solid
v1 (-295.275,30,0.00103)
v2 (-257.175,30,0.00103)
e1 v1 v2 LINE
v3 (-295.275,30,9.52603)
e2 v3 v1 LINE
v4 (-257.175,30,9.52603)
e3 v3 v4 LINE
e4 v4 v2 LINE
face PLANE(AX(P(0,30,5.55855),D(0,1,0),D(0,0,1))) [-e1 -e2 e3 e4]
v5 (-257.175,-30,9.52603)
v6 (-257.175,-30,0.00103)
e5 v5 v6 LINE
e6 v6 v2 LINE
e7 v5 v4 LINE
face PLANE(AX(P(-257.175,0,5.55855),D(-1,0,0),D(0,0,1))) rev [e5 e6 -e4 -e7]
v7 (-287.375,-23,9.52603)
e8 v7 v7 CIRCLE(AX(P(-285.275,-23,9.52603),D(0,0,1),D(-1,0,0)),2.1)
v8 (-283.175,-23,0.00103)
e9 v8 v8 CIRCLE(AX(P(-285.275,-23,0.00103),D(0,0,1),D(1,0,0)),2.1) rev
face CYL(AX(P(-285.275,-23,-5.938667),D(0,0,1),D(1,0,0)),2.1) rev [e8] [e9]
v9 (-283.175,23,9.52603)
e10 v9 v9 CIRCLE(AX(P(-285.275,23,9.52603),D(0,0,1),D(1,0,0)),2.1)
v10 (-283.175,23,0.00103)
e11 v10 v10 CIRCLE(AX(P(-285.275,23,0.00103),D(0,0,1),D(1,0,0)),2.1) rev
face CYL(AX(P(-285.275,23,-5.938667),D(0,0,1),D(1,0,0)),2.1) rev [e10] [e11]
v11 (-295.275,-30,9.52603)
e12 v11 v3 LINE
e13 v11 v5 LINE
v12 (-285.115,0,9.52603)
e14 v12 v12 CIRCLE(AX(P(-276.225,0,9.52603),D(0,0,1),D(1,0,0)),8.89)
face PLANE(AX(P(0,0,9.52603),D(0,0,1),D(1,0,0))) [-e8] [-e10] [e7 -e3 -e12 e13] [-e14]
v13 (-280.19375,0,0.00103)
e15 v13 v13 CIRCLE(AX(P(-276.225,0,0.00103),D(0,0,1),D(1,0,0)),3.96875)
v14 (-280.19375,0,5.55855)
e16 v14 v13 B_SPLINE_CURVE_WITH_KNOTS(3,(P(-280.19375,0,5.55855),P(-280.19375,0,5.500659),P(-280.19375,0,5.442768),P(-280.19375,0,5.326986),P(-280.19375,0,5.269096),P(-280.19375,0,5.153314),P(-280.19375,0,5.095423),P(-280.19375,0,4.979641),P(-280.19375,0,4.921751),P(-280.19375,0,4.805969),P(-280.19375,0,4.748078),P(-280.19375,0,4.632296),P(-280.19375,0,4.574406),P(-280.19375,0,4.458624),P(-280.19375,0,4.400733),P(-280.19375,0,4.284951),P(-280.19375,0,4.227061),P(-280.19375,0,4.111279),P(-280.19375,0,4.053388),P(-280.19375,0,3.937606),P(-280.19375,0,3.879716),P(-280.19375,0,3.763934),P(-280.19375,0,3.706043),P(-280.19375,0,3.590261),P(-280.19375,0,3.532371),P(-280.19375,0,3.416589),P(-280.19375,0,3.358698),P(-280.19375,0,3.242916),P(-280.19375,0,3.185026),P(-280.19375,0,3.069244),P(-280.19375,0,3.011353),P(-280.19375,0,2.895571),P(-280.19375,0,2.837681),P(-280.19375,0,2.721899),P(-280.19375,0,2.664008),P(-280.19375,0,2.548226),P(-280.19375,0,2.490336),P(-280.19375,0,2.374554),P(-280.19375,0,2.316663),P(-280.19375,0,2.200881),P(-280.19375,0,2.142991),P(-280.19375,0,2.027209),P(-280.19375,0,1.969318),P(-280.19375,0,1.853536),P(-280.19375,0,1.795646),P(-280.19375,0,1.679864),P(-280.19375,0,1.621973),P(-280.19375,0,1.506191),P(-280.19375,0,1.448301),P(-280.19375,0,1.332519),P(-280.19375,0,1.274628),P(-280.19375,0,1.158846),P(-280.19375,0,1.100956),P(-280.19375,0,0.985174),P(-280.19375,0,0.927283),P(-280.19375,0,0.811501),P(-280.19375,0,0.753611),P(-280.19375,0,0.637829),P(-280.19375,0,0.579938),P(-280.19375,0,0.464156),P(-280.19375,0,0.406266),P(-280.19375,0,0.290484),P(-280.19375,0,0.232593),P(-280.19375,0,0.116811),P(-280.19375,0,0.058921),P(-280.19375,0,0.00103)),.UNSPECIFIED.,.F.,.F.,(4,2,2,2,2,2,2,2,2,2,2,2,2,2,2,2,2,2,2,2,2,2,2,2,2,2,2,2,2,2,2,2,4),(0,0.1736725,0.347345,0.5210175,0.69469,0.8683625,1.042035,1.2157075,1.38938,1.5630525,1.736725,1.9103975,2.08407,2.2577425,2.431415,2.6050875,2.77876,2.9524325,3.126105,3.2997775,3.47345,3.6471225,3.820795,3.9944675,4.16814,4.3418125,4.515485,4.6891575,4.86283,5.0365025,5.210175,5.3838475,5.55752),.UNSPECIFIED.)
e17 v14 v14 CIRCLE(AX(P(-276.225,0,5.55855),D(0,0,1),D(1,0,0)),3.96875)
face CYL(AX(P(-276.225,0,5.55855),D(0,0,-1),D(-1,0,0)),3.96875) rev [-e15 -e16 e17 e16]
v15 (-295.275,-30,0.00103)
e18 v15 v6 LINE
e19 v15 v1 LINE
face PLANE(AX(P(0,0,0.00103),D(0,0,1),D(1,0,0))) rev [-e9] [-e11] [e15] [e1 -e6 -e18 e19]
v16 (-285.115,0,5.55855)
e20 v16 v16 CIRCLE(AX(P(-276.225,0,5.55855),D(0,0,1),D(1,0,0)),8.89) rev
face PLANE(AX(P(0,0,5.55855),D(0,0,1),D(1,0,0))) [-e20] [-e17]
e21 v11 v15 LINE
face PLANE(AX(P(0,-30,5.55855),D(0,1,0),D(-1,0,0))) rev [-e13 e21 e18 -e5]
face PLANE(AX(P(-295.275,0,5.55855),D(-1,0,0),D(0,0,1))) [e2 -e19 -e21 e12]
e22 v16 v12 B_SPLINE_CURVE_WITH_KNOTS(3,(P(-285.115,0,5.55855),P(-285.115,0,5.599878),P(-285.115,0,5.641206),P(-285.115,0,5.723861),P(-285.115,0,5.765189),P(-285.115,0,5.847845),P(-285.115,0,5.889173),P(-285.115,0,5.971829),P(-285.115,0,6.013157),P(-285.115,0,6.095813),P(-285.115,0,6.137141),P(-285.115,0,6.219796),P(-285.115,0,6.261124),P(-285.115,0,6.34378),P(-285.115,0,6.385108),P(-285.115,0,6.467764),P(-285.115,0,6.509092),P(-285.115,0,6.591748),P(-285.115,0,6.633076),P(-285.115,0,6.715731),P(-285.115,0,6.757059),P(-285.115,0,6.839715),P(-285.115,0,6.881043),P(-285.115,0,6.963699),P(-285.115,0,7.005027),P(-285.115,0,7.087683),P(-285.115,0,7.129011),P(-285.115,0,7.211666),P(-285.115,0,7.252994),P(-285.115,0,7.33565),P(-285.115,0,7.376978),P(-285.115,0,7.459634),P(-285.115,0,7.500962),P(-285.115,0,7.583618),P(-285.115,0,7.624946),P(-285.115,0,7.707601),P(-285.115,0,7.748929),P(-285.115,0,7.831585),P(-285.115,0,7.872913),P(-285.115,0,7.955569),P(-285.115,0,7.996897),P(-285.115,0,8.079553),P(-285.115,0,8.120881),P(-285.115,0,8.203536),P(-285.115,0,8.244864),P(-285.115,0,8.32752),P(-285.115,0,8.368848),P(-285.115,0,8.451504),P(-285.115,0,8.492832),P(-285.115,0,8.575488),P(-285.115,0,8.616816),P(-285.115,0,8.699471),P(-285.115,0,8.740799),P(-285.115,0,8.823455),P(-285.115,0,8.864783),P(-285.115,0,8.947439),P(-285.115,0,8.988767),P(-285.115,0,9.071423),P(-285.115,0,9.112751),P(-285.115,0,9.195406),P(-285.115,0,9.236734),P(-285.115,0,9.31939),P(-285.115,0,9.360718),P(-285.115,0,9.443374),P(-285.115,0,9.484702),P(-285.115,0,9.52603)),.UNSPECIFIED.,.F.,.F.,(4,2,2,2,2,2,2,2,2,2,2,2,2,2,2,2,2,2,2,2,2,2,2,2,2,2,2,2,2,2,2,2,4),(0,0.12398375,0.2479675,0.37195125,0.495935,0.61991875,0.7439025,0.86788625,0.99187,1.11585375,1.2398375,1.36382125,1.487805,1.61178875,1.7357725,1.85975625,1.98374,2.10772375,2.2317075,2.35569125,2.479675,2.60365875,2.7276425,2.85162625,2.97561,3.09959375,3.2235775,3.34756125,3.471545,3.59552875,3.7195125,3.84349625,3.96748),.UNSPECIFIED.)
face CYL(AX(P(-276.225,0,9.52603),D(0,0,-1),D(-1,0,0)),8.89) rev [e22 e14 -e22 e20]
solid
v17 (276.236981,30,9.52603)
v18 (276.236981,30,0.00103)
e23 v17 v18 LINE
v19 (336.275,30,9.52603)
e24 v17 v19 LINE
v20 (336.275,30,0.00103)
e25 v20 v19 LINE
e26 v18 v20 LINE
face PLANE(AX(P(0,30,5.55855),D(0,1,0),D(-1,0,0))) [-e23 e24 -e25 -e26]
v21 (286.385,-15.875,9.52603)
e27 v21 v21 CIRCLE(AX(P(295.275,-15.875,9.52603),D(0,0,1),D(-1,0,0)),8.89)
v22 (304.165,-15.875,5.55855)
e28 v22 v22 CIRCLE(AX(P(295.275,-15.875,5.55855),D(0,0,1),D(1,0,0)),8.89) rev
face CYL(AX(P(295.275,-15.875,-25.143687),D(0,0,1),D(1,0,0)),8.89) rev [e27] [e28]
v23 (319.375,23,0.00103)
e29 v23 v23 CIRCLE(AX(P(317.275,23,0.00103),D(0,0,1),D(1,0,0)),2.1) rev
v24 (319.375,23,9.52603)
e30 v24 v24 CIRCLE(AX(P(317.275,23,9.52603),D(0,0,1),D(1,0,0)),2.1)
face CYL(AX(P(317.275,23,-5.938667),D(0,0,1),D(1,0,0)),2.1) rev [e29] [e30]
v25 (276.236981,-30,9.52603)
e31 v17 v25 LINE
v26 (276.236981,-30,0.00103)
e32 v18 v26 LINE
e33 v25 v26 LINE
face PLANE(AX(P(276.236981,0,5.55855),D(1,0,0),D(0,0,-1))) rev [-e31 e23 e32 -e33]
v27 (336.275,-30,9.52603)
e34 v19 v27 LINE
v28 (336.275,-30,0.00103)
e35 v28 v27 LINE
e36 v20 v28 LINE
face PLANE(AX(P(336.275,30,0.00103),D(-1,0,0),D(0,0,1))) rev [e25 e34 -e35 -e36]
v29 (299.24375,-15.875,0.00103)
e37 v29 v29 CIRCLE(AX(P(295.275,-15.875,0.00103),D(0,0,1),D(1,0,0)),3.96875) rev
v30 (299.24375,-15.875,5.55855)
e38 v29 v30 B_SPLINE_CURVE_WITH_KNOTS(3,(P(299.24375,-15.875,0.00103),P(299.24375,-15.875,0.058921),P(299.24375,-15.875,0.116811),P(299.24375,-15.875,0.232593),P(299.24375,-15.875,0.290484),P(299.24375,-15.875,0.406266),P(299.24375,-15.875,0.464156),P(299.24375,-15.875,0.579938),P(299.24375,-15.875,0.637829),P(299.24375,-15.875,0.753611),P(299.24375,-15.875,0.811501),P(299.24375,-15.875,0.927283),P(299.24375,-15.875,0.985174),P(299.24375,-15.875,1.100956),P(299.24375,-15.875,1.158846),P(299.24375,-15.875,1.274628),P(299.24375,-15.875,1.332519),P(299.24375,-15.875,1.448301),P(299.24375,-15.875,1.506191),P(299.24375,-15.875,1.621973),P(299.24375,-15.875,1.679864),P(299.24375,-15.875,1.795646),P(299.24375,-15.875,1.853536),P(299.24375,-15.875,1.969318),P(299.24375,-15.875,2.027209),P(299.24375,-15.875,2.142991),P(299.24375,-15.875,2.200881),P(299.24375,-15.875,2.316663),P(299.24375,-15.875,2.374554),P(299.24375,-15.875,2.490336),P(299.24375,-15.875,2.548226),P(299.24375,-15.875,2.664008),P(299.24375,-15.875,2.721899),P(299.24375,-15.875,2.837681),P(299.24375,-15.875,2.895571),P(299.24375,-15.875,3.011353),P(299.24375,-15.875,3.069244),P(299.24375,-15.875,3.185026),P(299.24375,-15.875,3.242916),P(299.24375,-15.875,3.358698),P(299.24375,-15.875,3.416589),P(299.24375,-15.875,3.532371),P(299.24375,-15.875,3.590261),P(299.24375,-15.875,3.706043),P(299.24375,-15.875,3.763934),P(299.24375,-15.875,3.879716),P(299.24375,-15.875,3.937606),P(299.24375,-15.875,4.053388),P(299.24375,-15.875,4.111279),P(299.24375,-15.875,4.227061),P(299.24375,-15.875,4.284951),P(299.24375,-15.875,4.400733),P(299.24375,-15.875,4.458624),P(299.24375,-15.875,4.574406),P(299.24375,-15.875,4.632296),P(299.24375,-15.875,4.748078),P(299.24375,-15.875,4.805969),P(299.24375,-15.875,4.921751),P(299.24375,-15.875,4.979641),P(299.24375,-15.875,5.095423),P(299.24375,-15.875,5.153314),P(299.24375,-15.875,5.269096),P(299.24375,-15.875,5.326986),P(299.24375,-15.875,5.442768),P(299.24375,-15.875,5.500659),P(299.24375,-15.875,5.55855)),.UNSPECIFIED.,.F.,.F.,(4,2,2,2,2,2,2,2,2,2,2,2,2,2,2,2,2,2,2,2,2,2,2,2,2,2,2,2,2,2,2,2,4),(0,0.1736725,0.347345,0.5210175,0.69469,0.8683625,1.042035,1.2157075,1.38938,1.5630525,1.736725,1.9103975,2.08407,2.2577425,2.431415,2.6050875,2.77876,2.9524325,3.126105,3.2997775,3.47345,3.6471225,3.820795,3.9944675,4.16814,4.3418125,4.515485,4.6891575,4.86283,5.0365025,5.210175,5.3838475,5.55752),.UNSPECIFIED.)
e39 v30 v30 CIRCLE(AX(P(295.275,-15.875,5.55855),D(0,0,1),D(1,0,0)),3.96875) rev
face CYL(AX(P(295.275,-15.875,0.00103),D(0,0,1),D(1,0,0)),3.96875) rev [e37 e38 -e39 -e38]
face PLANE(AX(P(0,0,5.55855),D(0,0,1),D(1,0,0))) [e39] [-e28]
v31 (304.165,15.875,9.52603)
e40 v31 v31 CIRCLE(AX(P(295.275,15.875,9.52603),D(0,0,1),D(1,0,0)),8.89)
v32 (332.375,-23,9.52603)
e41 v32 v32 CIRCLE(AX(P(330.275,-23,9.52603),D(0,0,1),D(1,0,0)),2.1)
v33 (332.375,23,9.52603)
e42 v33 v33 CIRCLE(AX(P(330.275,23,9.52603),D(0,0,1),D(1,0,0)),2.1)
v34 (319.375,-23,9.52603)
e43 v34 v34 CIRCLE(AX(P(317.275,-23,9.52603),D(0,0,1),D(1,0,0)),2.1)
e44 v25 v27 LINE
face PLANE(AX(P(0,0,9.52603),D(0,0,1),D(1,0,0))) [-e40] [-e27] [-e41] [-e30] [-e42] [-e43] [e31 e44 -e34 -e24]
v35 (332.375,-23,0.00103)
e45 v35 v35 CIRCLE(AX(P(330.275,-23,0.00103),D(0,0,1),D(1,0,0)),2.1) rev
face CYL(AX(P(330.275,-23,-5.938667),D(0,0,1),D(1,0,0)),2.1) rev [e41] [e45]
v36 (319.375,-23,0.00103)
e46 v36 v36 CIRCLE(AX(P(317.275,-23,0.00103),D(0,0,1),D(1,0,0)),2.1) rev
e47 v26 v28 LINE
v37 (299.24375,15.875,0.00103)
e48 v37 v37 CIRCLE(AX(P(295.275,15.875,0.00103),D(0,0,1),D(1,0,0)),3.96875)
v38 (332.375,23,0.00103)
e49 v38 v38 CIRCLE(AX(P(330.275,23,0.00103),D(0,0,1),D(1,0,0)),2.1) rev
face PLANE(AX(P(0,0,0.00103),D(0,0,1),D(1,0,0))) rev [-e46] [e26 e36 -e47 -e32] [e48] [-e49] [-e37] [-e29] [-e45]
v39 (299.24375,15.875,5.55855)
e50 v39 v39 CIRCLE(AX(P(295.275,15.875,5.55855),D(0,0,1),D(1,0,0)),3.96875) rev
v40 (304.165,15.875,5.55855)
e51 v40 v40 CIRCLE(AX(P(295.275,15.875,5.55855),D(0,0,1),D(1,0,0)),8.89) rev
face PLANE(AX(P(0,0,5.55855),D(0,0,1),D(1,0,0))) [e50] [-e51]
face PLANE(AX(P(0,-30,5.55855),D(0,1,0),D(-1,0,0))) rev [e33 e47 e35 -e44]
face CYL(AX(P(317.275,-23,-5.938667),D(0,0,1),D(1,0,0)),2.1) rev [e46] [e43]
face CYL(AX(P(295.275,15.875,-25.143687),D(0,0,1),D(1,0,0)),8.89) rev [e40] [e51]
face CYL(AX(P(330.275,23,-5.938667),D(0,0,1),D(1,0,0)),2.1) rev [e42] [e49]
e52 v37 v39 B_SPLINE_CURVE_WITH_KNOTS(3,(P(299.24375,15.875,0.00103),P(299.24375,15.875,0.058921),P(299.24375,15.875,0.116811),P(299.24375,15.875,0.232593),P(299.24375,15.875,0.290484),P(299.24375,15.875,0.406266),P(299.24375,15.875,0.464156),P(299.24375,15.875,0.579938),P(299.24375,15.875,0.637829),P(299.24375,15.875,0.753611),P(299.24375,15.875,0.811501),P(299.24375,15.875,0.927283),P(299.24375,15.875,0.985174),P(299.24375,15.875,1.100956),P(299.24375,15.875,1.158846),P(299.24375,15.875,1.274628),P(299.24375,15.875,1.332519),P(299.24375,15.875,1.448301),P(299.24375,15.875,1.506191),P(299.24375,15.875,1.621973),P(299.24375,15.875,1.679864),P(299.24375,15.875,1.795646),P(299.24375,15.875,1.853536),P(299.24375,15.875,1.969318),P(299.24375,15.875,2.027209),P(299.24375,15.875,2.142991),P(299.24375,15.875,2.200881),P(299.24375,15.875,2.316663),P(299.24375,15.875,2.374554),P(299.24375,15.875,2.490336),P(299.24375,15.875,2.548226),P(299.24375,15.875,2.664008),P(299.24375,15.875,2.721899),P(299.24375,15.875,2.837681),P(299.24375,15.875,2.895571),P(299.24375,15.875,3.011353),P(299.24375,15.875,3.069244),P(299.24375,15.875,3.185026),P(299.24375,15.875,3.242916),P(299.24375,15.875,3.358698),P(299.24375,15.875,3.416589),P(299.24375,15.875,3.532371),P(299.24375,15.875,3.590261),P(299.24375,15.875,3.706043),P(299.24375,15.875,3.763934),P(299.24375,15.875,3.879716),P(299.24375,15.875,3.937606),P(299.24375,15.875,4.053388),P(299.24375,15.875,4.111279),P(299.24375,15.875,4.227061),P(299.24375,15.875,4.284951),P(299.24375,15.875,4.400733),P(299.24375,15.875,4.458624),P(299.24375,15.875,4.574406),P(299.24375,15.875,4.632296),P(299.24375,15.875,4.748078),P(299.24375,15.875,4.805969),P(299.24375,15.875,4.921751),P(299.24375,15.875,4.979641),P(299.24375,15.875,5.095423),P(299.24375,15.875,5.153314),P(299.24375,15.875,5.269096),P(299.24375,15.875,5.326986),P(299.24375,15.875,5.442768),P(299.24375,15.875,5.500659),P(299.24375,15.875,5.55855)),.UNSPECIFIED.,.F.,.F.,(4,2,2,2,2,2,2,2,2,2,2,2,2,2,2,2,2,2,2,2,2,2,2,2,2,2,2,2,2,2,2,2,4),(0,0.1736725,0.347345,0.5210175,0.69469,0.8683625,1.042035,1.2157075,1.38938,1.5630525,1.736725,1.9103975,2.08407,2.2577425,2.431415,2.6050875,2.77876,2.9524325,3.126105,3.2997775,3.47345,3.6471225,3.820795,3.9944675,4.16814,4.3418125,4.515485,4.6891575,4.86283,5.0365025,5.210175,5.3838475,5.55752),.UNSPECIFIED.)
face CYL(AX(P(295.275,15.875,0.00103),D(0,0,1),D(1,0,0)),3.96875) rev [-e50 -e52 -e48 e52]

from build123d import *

# Parameters (mm, degrees)
SKETCH2_W                                 = 66.588019288
SKETCH2_H                                 = 60
MAIN_EXTRUSION_DEPTH                      = 5.55752
SKETCH2_W_2                               = 38.1
SKETCH2_R                                 = 3.96875
MAIN_EXTRUSION_2_DEPTH                    = 5.55752
SKETCH2_3_W                               = 66.588019288
SKETCH2_3_H                               = 60
SKETCH2_3_W_2                             = 38.1
SKETCH2_3_R                               = 8.89
COUNTERBORE_EXTRUSION_DEPTH               = 9.525
SKETCH3_R                                 = 2.1
M5_THREADED_HOLSE_FOR_FRONT_BRACKET_DEPTH = 9.525
SKETCH5_R                                 = 2.1
M5_THREADED_HOLES_FOR_BRACKET_DEPTH       = 9.525
CENTRE_BORE_DEPTH                         = 345.266911292
SKETCH6_3_R                               = 8.89
SKETCH6_3_R_2                             = 3.96875
COUNTERBORE_DEPTH                         = 3.96748
SKETCH7_W                                 = 6.55
SKETCH7_H                                 = 60
STUPID_CUT_DEPTH                          = 345.266911292


with BuildPart() as part:
    # Sketch2 → Main Extrusion (new body)
    with BuildSketch(Plane(origin=(-0.000152858, 6.01e-07, 0.001029772), x_dir=(1, 0, 0), z_dir=(0, 0, 1))):
        with Locations((309.531143156, -6.01e-07)):
            Rectangle(SKETCH2_W, SKETCH2_H)
    extrude(amount=MAIN_EXTRUSION_DEPTH)



with BuildPart() as body_2:
    # Sketch2 → Main Extrusion 2 (new body)
    with BuildSketch(Plane(origin=(-0.000152858, 6.01e-07, 0.001029772), x_dir=(1, 0, 0), z_dir=(0, 0, 1))):
        with Locations((-276.224847142, -6.01e-07)):
            Rectangle(SKETCH2_W_2, SKETCH2_H)
        with Locations(Location((-276.224847142, -6.01e-07, 0), (0, 0, 180))):
            Circle(SKETCH2_R, mode=Mode.SUBTRACT)
    extrude(amount=MAIN_EXTRUSION_2_DEPTH)


with BuildPart() as part_1:
    add(part.part)

    add(body_2.part)  # Counterbore extrusion merges body 2
    # Sketch2<3> → Counterbore extrusion (add)
    # profile 1 of 2: a face of its own
    with BuildSketch(Plane(origin=(-0.000152858, 6.01e-07, 0.001029772), x_dir=(1, 0, 0), z_dir=(0, 0, 1))):
        with Locations((309.531143156, -6.01e-07)):
            Rectangle(SKETCH2_3_W, SKETCH2_3_H)
    # profile 2 of 2: a face of its own
    with BuildSketch(Plane(origin=(-0.000152858, 6.01e-07, 0.001029772), x_dir=(1, 0, 0), z_dir=(0, 0, 1))):
        with Locations((-276.224847142, -6.01e-07)):
            Rectangle(SKETCH2_3_W_2, SKETCH2_3_H)
        with Locations(Location((-276.224847142, -6.01e-07, 0), (0, 0, 180))):
            Circle(SKETCH2_3_R, mode=Mode.SUBTRACT)
    extrude(amount=COUNTERBORE_EXTRUSION_DEPTH)

    # Sketch3 → M5 Threaded holse for front bracket (cut)
    with BuildSketch(Plane.XY.offset(9.526029772)):
        with Locations((-285.275, 23)):
            Circle(SKETCH3_R)
        with Locations((-285.275, -23)):
            Circle(SKETCH3_R)
    extrude(amount=-M5_THREADED_HOLSE_FOR_FRONT_BRACKET_DEPTH, mode=Mode.SUBTRACT)

    # Sketch5 → M5 Threaded holes for bracket (cut)
    with BuildSketch(Plane.XY.offset(9.526029772)):
        with Locations((317.274999942, 23)):
            Circle(SKETCH5_R)
        with Locations((330.274999942, 23)):
            Circle(SKETCH5_R)
        with Locations((330.274999942, -23)):
            Circle(SKETCH5_R)
        with Locations((317.274999942, -23)):
            Circle(SKETCH5_R)
    extrude(amount=-M5_THREADED_HOLES_FOR_BRACKET_DEPTH, mode=Mode.SUBTRACT)

    # Sketch6 → centre bore (cut, through all)
    with BuildSketch(Plane.XY.offset(9.526029772)):
        with BuildLine():
            ThreePointArc((295.275, 19.84375), (291.30625, 15.875), (295.275, 11.90625))
            Line((295.275, 11.90625), (295.275, 19.84375))
        make_face()
        with BuildLine():
            Line((295.275, 19.84375), (295.275, 11.90625))
            ThreePointArc((295.275, 11.90625), (298.081330038, 13.068669962), (299.24375, 15.875))
            ThreePointArc((299.24375, 15.875), (298.081330038, 18.681330038), (295.275, 19.84375))
        make_face()
        with BuildLine():
            ThreePointArc((295.275, -11.90625), (291.30625, -15.875), (295.275, -19.84375))
            Line((295.275, -19.84375), (295.275, -11.90625))
        make_face()
        with BuildLine():
            Line((295.275, -11.90625), (295.275, -19.84375))
            ThreePointArc((295.275, -19.84375), (298.081330038, -18.681330038), (299.24375, -15.875))
            ThreePointArc((299.24375, -15.875), (298.081330038, -13.068669962), (295.275, -11.90625))
        make_face()
    extrude(amount=-CENTRE_BORE_DEPTH, mode=Mode.SUBTRACT)

    # Sketch6<3> → counterbore (cut)
    # profile 1 of 2: a face of its own
    with BuildSketch(Plane.XY.offset(9.526029772)):
        with Locations((295.275, 15.875)):
            Circle(SKETCH6_3_R)
        with Locations((295.275, 15.875)):
            Circle(SKETCH6_3_R_2, mode=Mode.SUBTRACT)
    # profile 2 of 2: a face of its own
    with BuildSketch(Plane.XY.offset(9.526029772)):
        with Locations((295.275, -15.875)):
            Circle(SKETCH6_3_R)
        with Locations((295.275, -15.875)):
            Circle(SKETCH6_3_R_2, mode=Mode.SUBTRACT)
    extrude(amount=-COUNTERBORE_DEPTH, mode=Mode.SUBTRACT)

    # Sketch7 → stupid cut (cut, through all)
    with BuildSketch(Plane.XY.offset(9.526029772)):
        with Locations((339.549999942, 0)):
            Rectangle(SKETCH7_W, SKETCH7_H)
    extrude(amount=-STUPID_CUT_DEPTH, mode=Mode.SUBTRACT)


solid = part_1.part
